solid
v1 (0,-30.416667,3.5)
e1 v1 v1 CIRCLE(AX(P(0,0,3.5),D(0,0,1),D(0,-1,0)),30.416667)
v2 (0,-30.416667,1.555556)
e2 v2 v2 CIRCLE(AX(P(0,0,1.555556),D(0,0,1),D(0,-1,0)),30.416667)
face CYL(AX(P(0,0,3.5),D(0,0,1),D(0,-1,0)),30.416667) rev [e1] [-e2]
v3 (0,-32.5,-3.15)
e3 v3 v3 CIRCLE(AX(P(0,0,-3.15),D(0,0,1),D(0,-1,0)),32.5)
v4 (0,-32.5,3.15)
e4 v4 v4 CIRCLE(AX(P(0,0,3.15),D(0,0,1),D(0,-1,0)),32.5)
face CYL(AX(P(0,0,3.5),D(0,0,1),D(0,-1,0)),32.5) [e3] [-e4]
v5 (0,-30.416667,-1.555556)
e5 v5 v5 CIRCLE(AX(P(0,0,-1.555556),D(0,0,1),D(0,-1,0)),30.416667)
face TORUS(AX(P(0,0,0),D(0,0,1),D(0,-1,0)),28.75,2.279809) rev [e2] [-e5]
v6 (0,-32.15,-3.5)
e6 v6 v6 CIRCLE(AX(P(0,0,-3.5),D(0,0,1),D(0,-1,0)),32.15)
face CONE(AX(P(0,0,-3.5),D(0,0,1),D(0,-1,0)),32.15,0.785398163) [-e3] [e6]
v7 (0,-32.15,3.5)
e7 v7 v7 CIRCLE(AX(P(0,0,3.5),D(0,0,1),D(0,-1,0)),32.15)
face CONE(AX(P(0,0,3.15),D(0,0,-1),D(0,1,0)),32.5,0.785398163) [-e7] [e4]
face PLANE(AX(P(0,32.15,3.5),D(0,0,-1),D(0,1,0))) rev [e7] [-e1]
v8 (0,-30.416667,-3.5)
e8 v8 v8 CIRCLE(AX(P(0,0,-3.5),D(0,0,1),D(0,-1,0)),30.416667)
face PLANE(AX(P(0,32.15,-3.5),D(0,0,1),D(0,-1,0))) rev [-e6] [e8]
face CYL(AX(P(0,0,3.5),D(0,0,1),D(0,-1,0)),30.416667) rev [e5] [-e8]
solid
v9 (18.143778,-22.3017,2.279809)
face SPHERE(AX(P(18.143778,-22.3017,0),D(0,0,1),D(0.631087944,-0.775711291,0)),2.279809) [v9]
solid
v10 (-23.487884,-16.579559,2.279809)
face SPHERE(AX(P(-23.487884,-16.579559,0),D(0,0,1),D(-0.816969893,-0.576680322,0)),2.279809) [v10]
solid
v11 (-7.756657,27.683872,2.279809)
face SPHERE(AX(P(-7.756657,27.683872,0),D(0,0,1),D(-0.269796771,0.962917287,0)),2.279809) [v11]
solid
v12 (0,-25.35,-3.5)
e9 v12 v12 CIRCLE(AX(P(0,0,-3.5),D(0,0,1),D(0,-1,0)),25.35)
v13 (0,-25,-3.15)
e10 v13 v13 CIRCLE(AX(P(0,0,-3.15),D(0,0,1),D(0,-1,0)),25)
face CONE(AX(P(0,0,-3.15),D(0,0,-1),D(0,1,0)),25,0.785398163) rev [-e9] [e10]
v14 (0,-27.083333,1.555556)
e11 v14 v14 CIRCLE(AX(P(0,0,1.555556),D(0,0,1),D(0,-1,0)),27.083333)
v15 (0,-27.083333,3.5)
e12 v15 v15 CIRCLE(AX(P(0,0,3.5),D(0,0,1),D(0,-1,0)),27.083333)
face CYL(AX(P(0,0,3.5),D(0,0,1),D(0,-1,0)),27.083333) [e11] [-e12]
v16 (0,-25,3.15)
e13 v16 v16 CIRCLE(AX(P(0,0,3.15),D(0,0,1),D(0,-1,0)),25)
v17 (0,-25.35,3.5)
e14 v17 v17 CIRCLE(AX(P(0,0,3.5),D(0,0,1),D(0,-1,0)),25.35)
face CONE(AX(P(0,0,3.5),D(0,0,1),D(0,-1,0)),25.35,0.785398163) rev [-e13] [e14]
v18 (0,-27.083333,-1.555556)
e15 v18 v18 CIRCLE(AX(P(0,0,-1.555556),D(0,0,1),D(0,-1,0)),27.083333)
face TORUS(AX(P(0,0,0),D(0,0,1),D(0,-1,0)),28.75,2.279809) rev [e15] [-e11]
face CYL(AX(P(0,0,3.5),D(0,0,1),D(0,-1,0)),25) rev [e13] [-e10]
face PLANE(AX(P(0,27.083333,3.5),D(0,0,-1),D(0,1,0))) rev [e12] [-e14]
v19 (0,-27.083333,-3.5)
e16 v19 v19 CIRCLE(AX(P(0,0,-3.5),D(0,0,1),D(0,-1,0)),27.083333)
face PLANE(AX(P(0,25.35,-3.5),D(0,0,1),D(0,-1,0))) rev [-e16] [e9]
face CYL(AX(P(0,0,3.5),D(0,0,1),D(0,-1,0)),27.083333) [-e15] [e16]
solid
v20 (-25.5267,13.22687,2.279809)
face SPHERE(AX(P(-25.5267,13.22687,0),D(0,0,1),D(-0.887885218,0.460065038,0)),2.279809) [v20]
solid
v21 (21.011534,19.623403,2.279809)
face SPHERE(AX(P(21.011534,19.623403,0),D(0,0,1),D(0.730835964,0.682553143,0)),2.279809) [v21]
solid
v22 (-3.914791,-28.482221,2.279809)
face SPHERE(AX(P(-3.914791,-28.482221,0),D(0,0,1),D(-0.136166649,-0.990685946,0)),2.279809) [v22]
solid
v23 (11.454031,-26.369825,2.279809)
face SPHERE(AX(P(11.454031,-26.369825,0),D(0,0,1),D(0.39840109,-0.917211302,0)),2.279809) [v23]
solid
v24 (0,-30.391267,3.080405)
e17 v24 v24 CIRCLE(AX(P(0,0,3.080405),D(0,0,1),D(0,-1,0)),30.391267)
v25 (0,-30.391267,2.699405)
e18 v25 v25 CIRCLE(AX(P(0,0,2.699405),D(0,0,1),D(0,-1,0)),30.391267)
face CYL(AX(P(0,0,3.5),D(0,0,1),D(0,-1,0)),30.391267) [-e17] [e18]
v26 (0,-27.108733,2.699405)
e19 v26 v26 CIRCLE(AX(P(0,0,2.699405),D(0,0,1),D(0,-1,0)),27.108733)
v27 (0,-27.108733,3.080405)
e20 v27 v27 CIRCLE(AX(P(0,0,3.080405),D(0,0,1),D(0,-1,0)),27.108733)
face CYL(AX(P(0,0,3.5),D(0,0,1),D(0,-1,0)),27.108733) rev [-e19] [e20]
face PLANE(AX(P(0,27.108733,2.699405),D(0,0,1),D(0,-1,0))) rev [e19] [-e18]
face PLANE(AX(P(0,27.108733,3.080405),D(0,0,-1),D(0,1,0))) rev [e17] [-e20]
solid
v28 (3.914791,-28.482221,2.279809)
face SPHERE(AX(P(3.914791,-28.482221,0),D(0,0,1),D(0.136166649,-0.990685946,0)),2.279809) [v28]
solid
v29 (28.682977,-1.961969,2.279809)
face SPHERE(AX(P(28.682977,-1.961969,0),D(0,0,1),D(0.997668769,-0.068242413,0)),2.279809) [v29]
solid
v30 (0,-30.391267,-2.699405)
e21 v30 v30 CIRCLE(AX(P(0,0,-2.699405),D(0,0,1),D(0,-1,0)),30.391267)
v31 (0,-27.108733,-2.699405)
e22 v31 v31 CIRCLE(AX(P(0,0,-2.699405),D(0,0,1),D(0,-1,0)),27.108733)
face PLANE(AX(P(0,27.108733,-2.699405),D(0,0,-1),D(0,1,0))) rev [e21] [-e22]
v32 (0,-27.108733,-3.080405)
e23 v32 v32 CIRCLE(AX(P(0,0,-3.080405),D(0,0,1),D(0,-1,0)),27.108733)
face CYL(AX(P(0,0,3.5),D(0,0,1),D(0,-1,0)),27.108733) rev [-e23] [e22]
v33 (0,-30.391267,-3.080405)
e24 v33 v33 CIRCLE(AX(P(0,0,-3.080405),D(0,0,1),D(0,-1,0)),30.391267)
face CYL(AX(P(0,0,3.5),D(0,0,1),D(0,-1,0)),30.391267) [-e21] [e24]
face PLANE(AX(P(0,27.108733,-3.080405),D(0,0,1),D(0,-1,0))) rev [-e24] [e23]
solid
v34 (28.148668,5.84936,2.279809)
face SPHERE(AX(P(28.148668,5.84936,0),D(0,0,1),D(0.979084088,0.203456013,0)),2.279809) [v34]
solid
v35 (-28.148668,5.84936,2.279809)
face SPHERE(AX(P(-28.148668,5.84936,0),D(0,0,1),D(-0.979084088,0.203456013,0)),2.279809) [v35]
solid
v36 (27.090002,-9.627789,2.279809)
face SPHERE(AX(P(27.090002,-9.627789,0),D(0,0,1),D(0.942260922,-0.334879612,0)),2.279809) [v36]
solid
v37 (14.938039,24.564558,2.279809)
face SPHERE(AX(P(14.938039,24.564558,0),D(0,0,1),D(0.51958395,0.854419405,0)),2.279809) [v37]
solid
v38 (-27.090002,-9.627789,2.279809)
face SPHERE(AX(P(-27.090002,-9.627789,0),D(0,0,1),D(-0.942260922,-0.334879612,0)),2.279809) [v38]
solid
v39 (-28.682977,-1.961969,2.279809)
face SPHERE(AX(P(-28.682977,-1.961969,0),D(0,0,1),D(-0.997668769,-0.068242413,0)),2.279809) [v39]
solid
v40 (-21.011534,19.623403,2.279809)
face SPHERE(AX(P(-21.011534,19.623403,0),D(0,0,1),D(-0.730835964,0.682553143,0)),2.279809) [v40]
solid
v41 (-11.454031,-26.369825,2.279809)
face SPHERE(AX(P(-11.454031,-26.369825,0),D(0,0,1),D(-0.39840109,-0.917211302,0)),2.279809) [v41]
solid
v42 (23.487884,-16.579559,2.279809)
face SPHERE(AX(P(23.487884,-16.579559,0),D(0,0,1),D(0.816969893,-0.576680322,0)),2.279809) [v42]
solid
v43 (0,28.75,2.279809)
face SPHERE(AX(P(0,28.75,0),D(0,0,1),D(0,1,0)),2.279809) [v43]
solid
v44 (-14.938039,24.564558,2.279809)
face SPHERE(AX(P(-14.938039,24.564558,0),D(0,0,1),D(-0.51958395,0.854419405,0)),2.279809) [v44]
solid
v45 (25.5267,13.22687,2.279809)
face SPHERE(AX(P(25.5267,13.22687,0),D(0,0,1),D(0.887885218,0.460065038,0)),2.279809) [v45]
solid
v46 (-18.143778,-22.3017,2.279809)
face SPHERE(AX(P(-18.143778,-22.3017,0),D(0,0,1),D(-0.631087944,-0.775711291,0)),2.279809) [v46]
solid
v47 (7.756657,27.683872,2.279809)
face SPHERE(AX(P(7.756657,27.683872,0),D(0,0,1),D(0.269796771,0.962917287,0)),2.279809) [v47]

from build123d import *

# Parameters (mm, degrees)
SKETCH5_W         = 0.381
SKETCH5_H         = 3.282533334
CIRPATTERN1_COUNT = 23


with BuildPart() as part:
    # Sketch5 → Revolve1 (revolve)
    with BuildSketch(Plane(origin=(0, 0, 0), x_dir=(0, 0, -1), z_dir=(1, 0, 0)), mode=Mode.PRIVATE) as revolve1_sk:
        with BuildLine():
            Line((3.15, 32.5), (-3.15, 32.5))
            Line((-3.15, 32.5), (-3.5, 32.15))
            Line((-3.5, 32.15), (-3.5, 30.416666667))
            Line((-3.5, 30.416666667), (-1.555555556, 30.416666667))
            ThreePointArc((-1.555555556, 30.416666667), (0, 31.029809392), (1.555555556, 30.416666667))
            Line((1.555555556, 30.416666667), (3.5, 30.416666667))
            Line((3.5, 30.416666667), (3.5, 32.15))
            Line((3.5, 32.15), (3.15, 32.5))
        make_face()
        with Locations((2.889904696, 28.75)):
            Rectangle(SKETCH5_W, SKETCH5_H)
        with Locations((-2.889904696, 28.75)):
            Rectangle(SKETCH5_W, SKETCH5_H)
    revolve(revolve1_sk.sketch.rotate(Axis((0, 0, 3.5), (0, 0, -1)), 180), axis=Axis((0, 0, 3.5), (0, 0, -1)))


with BuildPart() as body_2:
    # Sketch3 → Revolve3 (revolve)
    with BuildSketch(Plane(origin=(0, 0, 0), x_dir=(0, 0, -1), z_dir=(1, 0, 0)), mode=Mode.PRIVATE) as revolve3_sk:
        with BuildLine():
            Line((-3.5, 27.083333333), (-1.555555556, 27.083333333))
            ThreePointArc((-1.555555556, 27.083333333), (0, 26.470190608), (1.555555556, 27.083333333))
            Line((1.555555556, 27.083333333), (3.5, 27.083333333))
            Line((3.5, 27.083333333), (3.5, 25.35))
            Line((3.5, 25.35), (3.15, 25))
            Line((3.15, 25), (-3.15, 25))
            Line((-3.15, 25), (-3.5, 25.35))
            Line((-3.5, 25.35), (-3.5, 27.083333333))
        make_face()
    revolve(revolve3_sk.sketch.rotate(Axis((0, 0, 3.5), (0, 0, -1)), 180), axis=Axis((0, 0, 3.5), (0, 0, -1)))


with BuildPart() as body_3:
    # Sketch4 → Revolve4 (revolve)
    with BuildSketch(Plane(origin=(0, 0, 0), x_dir=(0, 0, -1), z_dir=(1, 0, 0))):
        with BuildLine():
            Line((-2.279809392, 28.75), (2.279809392, 28.75))
            ThreePointArc((2.279809392, 28.75), (0, 31.029809392), (-2.279809392, 28.75))
        make_face()
    revolve(axis=Axis((0, 28.75, 2.279809392), (0, 0, -1)))


with BuildPart() as cirpattern1_1:
    # CirPattern1: pattern copy
    add(body_3.part.rotate(Axis((0, 0, 0), (0, 0, 1)), 1 * 360 / CIRPATTERN1_COUNT))


with BuildPart() as cirpattern1_2:
    # CirPattern1: pattern copy
    add(body_3.part.rotate(Axis((0, 0, 0), (0, 0, 1)), 2 * 360 / CIRPATTERN1_COUNT))


with BuildPart() as cirpattern1_3:
    # CirPattern1: pattern copy
    add(body_3.part.rotate(Axis((0, 0, 0), (0, 0, 1)), 3 * 360 / CIRPATTERN1_COUNT))


with BuildPart() as cirpattern1_4:
    # CirPattern1: pattern copy
    add(body_3.part.rotate(Axis((0, 0, 0), (0, 0, 1)), 4 * 360 / CIRPATTERN1_COUNT))


with BuildPart() as cirpattern1_5:
    # CirPattern1: pattern copy
    add(body_3.part.rotate(Axis((0, 0, 0), (0, 0, 1)), 5 * 360 / CIRPATTERN1_COUNT))


with BuildPart() as cirpattern1_6:
    # CirPattern1: pattern copy
    add(body_3.part.rotate(Axis((0, 0, 0), (0, 0, 1)), 6 * 360 / CIRPATTERN1_COUNT))


with BuildPart() as cirpattern1_7:
    # CirPattern1: pattern copy
    add(body_3.part.rotate(Axis((0, 0, 0), (0, 0, 1)), 7 * 360 / CIRPATTERN1_COUNT))


with BuildPart() as cirpattern1_8:
    # CirPattern1: pattern copy
    add(body_3.part.rotate(Axis((0, 0, 0), (0, 0, 1)), 8 * 360 / CIRPATTERN1_COUNT))


with BuildPart() as cirpattern1_9:
    # CirPattern1: pattern copy
    add(body_3.part.rotate(Axis((0, 0, 0), (0, 0, 1)), 9 * 360 / CIRPATTERN1_COUNT))


with BuildPart() as cirpattern1_10:
    # CirPattern1: pattern copy
    add(body_3.part.rotate(Axis((0, 0, 0), (0, 0, 1)), 10 * 360 / CIRPATTERN1_COUNT))


with BuildPart() as cirpattern1_11:
    # CirPattern1: pattern copy
    add(body_3.part.rotate(Axis((0, 0, 0), (0, 0, 1)), 11 * 360 / CIRPATTERN1_COUNT))


with BuildPart() as cirpattern1_12:
    # CirPattern1: pattern copy
    add(body_3.part.rotate(Axis((0, 0, 0), (0, 0, 1)), 12 * 360 / CIRPATTERN1_COUNT))


with BuildPart() as cirpattern1_13:
    # CirPattern1: pattern copy
    add(body_3.part.rotate(Axis((0, 0, 0), (0, 0, 1)), 13 * 360 / CIRPATTERN1_COUNT))


with BuildPart() as cirpattern1_14:
    # CirPattern1: pattern copy
    add(body_3.part.rotate(Axis((0, 0, 0), (0, 0, 1)), 14 * 360 / CIRPATTERN1_COUNT))


with BuildPart() as cirpattern1_15:
    # CirPattern1: pattern copy
    add(body_3.part.rotate(Axis((0, 0, 0), (0, 0, 1)), 15 * 360 / CIRPATTERN1_COUNT))


with BuildPart() as cirpattern1_16:
    # CirPattern1: pattern copy
    add(body_3.part.rotate(Axis((0, 0, 0), (0, 0, 1)), 16 * 360 / CIRPATTERN1_COUNT))


with BuildPart() as cirpattern1_17:
    # CirPattern1: pattern copy
    add(body_3.part.rotate(Axis((0, 0, 0), (0, 0, 1)), 17 * 360 / CIRPATTERN1_COUNT))


with BuildPart() as cirpattern1_18:
    # CirPattern1: pattern copy
    add(body_3.part.rotate(Axis((0, 0, 0), (0, 0, 1)), 18 * 360 / CIRPATTERN1_COUNT))


with BuildPart() as cirpattern1_19:
    # CirPattern1: pattern copy
    add(body_3.part.rotate(Axis((0, 0, 0), (0, 0, 1)), 19 * 360 / CIRPATTERN1_COUNT))


with BuildPart() as cirpattern1_20:
    # CirPattern1: pattern copy
    add(body_3.part.rotate(Axis((0, 0, 0), (0, 0, 1)), 20 * 360 / CIRPATTERN1_COUNT))


with BuildPart() as cirpattern1_21:
    # CirPattern1: pattern copy
    add(body_3.part.rotate(Axis((0, 0, 0), (0, 0, 1)), 21 * 360 / CIRPATTERN1_COUNT))


with BuildPart() as cirpattern1_22:
    # CirPattern1: pattern copy
    add(body_3.part.rotate(Axis((0, 0, 0), (0, 0, 1)), 22 * 360 / CIRPATTERN1_COUNT))


solid = Compound([part.part, body_2.part, body_3.part, cirpattern1_1.part, cirpattern1_2.part, cirpattern1_3.part, cirpattern1_4.part, cirpattern1_5.part, cirpattern1_6.part, cirpattern1_7.part, cirpattern1_8.part, cirpattern1_9.part, cirpattern1_10.part, cirpattern1_11.part, cirpattern1_12.part, cirpattern1_13.part, cirpattern1_14.part, cirpattern1_15.part, cirpattern1_16.part, cirpattern1_17.part, cirpattern1_18.part, cirpattern1_19.part, cirpattern1_20.part, cirpattern1_21.part, cirpattern1_22.part])
